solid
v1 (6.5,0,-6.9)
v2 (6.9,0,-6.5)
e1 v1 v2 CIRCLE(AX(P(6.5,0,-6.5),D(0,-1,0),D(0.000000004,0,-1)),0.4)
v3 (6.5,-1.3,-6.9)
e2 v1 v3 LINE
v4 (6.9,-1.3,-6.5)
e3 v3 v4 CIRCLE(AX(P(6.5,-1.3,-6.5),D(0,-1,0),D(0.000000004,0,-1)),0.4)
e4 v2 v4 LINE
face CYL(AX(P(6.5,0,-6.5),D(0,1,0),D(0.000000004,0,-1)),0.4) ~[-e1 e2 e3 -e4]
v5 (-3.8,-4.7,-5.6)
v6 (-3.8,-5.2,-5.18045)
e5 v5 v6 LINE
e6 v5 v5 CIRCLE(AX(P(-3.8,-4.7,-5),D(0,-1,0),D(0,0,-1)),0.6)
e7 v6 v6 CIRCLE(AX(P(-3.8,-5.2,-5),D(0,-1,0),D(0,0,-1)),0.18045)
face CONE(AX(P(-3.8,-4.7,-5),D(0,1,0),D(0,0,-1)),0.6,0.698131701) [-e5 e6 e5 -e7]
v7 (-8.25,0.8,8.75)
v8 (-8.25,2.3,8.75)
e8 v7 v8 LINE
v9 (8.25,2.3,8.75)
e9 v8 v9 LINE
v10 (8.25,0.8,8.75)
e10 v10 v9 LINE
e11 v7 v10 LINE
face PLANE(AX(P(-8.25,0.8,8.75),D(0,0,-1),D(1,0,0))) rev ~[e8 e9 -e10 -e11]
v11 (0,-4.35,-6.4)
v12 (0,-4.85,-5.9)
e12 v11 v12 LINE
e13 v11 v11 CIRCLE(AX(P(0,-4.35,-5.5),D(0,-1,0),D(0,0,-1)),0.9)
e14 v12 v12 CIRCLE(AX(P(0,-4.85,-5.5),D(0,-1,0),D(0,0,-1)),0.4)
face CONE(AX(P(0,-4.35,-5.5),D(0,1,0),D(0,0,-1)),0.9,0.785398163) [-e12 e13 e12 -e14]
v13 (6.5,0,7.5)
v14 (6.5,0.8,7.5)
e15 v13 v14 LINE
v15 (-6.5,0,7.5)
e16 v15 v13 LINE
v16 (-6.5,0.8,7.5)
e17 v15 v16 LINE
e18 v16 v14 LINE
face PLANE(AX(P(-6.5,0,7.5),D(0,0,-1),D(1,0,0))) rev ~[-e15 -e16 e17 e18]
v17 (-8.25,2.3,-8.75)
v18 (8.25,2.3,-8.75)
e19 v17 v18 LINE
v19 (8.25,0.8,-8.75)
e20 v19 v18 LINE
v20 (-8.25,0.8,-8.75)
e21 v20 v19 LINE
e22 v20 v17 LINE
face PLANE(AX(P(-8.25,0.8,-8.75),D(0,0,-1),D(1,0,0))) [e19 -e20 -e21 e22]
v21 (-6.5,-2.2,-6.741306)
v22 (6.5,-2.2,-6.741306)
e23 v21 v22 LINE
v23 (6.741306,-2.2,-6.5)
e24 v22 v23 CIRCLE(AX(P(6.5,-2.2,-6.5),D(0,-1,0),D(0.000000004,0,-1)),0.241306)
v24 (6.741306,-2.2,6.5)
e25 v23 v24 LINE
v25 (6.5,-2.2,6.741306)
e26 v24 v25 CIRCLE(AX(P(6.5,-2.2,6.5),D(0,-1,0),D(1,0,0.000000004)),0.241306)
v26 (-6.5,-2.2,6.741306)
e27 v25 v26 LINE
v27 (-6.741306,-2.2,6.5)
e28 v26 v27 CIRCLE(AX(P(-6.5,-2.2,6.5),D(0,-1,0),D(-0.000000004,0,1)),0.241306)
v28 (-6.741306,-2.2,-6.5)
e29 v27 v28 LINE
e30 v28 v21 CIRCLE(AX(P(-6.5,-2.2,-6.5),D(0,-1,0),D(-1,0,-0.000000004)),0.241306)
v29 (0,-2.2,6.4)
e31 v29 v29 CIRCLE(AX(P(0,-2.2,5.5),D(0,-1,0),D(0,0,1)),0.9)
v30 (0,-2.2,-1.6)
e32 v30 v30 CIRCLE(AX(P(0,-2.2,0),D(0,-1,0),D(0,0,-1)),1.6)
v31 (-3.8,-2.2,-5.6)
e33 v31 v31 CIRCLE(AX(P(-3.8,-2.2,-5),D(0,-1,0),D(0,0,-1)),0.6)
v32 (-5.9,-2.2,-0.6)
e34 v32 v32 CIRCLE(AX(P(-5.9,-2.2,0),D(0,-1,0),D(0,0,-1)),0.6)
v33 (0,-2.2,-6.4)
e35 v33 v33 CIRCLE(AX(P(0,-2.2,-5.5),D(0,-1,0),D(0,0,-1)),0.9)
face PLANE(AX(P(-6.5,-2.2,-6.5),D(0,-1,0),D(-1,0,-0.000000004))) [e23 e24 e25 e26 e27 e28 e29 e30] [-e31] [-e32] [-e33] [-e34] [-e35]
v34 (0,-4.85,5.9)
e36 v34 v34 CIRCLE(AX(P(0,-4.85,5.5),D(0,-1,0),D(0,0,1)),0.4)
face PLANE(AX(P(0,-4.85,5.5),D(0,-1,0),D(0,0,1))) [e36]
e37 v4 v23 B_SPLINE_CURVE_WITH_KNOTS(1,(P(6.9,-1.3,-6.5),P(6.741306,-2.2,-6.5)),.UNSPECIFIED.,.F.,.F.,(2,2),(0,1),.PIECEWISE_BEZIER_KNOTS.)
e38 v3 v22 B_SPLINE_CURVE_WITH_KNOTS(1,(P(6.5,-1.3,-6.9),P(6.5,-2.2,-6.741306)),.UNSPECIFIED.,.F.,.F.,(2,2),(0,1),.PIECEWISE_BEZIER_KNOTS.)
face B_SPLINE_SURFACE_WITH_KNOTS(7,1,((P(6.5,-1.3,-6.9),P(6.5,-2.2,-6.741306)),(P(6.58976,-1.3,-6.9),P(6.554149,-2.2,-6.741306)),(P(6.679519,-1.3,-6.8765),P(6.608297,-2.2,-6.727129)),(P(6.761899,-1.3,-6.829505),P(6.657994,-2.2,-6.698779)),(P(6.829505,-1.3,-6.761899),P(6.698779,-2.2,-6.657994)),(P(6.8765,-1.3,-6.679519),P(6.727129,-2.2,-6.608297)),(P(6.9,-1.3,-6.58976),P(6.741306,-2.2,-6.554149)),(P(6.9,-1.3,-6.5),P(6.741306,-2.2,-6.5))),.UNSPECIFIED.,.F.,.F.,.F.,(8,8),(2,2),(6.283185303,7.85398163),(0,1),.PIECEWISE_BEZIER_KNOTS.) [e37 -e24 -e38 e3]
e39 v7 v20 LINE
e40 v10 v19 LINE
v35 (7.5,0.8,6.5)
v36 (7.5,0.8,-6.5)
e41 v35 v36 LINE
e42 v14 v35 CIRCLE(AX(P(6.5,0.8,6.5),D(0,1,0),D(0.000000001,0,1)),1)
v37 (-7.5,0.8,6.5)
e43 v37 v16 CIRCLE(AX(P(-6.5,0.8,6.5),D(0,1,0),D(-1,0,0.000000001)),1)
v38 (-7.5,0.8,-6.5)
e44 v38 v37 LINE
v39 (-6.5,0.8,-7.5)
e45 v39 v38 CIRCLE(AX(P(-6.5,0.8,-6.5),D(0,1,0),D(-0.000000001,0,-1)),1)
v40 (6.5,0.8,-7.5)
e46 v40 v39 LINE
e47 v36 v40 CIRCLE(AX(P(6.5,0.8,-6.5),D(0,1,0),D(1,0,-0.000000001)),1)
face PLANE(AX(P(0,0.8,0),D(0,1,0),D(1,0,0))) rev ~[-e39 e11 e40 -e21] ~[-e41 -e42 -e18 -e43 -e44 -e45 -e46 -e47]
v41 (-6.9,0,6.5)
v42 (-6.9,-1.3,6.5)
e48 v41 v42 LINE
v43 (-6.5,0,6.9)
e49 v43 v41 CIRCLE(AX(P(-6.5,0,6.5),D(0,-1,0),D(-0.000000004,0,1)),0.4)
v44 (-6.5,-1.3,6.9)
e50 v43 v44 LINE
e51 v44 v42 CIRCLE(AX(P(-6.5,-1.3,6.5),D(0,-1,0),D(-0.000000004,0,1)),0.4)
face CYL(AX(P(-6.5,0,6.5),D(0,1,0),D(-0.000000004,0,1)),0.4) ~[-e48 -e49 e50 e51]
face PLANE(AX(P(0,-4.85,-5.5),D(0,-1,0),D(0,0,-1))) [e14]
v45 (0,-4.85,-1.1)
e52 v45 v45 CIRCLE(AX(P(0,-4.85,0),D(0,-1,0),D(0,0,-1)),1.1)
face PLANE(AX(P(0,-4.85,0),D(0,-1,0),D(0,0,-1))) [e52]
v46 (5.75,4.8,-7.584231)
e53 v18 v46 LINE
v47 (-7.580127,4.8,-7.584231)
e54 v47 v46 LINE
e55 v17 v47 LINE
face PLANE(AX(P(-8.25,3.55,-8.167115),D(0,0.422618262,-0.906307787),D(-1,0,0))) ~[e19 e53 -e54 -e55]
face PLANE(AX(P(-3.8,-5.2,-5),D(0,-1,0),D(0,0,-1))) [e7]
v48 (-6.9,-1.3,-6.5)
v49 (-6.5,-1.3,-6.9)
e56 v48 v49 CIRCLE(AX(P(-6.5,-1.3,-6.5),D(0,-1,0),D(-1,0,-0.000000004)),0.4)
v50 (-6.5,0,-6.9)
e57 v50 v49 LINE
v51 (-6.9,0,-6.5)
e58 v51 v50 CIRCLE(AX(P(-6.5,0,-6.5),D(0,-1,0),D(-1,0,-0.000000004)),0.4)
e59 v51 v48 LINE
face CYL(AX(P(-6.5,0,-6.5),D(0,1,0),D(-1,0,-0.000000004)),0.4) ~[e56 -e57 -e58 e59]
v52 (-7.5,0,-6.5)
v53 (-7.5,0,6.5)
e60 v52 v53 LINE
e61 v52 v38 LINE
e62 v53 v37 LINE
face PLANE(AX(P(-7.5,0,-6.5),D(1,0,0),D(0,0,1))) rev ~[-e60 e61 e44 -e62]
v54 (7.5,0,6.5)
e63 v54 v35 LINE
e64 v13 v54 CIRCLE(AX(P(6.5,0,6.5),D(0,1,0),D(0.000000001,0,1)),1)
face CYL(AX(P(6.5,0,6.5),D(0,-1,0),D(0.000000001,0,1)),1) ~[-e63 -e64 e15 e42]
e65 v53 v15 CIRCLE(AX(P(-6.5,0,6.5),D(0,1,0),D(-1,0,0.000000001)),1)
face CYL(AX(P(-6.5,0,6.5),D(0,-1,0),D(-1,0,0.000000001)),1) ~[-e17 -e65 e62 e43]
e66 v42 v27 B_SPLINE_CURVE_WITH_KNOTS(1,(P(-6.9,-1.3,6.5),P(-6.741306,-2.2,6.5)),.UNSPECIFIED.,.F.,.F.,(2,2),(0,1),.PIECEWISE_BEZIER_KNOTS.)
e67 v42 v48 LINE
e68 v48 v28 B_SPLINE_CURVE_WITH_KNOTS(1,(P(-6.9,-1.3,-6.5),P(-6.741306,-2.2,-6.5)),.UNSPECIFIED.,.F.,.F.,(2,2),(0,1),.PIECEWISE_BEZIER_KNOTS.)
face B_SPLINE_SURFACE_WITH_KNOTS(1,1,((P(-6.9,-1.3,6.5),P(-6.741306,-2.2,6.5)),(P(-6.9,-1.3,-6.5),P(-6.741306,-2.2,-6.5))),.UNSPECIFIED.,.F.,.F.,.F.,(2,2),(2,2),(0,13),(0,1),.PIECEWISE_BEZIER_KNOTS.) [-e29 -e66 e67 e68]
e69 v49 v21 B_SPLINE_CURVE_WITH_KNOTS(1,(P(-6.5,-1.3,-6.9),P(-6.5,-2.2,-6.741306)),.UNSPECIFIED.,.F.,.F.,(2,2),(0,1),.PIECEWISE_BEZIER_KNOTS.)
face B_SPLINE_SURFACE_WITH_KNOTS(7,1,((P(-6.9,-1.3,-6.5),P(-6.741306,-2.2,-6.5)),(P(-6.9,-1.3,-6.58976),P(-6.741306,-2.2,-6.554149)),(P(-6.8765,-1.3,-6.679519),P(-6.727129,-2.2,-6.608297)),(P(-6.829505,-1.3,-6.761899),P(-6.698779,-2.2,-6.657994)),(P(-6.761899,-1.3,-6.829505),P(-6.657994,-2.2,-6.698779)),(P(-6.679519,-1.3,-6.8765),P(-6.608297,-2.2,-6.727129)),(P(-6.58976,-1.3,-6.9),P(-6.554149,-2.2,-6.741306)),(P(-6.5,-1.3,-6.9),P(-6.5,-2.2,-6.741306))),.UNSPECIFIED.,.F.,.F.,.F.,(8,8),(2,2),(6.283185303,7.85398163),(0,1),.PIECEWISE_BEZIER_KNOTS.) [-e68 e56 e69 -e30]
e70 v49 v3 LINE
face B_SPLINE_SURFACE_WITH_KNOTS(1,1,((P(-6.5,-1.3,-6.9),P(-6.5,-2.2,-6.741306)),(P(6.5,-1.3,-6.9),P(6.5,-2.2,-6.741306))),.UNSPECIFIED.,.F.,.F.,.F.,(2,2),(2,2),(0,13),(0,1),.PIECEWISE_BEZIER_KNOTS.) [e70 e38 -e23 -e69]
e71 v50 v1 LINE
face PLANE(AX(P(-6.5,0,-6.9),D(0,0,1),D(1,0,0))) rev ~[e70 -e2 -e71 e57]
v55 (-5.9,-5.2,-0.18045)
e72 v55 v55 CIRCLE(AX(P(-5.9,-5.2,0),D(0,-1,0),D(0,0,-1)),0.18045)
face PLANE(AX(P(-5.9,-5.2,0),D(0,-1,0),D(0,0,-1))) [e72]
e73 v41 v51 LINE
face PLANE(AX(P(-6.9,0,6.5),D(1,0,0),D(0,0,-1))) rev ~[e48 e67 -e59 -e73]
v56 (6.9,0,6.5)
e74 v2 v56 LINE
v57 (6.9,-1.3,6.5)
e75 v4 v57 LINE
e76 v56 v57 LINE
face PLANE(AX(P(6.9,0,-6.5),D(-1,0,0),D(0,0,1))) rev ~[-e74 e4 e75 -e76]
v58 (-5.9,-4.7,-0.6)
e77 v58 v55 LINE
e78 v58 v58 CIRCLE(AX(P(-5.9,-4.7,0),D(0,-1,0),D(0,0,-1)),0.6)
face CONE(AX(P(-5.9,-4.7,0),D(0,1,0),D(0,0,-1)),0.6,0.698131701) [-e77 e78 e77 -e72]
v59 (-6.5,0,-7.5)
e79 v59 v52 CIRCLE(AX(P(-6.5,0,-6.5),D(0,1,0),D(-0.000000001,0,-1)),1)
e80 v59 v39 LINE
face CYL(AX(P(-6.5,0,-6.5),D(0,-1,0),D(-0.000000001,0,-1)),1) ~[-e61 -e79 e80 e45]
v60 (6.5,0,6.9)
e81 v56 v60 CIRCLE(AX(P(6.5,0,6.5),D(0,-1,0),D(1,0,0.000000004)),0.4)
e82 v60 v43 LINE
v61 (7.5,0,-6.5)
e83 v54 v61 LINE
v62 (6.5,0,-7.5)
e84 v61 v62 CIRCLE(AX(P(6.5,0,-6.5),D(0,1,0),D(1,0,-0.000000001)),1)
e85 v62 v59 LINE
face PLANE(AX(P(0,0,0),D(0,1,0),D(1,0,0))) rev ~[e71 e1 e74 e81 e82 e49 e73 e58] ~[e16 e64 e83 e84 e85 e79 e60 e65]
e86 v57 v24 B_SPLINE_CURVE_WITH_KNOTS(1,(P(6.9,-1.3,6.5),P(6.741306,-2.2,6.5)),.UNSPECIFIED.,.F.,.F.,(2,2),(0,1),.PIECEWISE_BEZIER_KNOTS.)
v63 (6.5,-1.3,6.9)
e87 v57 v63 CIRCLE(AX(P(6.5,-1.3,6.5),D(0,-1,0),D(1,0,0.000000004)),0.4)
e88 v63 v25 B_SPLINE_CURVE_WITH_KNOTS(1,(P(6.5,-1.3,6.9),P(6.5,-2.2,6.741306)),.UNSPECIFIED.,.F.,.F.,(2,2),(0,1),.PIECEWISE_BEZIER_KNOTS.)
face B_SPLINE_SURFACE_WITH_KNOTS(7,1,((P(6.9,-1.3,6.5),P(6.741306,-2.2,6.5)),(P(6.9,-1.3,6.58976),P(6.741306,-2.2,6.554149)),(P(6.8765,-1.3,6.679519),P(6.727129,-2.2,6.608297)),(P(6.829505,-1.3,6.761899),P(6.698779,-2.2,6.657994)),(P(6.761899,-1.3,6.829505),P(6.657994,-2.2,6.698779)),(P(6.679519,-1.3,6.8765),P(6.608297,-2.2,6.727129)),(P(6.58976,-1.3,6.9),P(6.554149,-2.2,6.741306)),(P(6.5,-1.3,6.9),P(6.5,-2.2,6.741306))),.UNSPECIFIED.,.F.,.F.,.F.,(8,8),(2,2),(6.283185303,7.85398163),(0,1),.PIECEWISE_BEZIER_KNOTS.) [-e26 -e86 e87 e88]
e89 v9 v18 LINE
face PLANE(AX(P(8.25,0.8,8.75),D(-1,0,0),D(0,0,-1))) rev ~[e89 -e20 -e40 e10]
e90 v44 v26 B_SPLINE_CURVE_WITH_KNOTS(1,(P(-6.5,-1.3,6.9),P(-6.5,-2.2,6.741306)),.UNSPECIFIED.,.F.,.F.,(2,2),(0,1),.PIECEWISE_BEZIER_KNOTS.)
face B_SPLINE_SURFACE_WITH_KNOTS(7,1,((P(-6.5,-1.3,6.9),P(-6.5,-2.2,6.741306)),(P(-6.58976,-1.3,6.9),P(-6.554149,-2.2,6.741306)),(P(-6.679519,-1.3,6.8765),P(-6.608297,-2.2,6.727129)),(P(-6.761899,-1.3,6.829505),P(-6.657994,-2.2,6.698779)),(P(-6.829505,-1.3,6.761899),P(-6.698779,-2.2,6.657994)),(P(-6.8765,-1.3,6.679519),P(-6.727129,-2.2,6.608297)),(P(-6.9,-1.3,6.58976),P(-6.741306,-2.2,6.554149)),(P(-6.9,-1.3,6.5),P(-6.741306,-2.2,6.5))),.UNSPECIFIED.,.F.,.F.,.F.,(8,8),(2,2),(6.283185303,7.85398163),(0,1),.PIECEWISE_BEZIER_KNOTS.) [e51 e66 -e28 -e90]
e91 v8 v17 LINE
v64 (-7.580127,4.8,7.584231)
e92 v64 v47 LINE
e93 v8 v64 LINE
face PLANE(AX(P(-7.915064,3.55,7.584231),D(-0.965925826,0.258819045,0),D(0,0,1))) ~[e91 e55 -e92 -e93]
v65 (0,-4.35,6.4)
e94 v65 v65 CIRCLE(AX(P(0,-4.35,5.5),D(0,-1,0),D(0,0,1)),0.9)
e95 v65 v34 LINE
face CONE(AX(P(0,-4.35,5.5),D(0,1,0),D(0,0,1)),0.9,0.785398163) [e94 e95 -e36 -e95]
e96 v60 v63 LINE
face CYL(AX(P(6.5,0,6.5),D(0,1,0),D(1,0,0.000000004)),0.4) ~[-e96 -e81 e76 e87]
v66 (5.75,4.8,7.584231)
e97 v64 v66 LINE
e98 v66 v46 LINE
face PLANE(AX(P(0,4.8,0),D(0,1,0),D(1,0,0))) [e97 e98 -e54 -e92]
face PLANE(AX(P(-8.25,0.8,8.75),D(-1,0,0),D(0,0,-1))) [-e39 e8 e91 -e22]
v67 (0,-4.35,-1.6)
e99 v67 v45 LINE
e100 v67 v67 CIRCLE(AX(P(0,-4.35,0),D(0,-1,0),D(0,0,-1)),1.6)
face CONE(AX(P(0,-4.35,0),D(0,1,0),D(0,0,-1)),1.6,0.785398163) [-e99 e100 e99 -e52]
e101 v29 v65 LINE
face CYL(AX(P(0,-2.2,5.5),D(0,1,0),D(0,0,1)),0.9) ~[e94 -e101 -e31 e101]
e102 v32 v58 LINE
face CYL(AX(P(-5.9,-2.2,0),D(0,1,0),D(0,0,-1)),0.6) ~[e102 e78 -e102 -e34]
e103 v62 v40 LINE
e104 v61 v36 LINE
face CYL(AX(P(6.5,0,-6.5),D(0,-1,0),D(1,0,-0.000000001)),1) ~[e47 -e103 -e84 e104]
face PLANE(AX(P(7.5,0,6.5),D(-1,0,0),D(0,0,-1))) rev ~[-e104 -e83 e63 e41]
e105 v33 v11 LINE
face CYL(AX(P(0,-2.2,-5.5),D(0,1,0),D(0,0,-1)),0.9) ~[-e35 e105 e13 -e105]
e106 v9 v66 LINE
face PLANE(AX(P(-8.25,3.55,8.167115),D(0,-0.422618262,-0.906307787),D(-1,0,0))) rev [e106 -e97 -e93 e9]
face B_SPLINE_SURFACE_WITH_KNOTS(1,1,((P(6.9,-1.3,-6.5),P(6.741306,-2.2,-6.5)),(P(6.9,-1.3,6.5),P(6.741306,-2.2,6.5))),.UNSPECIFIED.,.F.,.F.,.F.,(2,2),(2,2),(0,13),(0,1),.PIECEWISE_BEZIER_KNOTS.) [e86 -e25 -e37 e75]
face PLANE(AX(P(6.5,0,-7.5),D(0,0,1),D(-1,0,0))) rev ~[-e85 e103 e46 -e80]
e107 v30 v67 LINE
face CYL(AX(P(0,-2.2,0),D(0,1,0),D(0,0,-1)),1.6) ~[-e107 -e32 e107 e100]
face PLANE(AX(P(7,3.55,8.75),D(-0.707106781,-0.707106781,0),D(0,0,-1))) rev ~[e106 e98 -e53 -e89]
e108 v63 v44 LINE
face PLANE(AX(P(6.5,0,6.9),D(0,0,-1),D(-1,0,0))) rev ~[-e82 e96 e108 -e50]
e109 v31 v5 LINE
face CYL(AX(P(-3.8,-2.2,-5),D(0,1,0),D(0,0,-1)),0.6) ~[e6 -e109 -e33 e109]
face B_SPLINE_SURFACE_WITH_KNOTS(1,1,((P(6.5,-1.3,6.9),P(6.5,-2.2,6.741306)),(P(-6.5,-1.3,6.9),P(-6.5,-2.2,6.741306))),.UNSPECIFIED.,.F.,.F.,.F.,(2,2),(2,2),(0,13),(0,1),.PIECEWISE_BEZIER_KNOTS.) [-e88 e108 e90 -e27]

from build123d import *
from OCP.BRepFilletAPI import BRepFilletAPI_MakeChamfer

# Parameters (mm, degrees)
BOSS_EXTRUDE1_DEPTH = 0.8
BOSS_EXTRUDE2_DEPTH = 1.3
BOSS_EXTRUDE3_DEPTH = 0.9
BOSS_EXTRUDE3_TAPER = 10
SKETCH4_R           = 1.6
SKETCH4_R_2         = 0.9
BOSS_EXTRUDE4_DEPTH = 2.65
SKETCH5_R           = 0.6
BOSS_EXTRUDE5_DEPTH = 3
CHAMFER1_SIZE       = 0.5
CHAMFER1_SIZE2      = 0.419549816
CHAMFER2_SIZE       = 0.5
SKETCH6_W           = 16.5
SKETCH6_H           = 17.5
BOSS_EXTRUDE6_DEPTH = 4
CHAMFER3_SIZE       = 2.5
CHAMFER4_SIZE       = 2.5
CHAMFER4_SIZE2      = 1.165769145
CHAMFER5_SIZE       = 2.5
CHAMFER5_SIZE2      = 0.669872981


with BuildPart() as part:
    # Sketch1 → Boss-Extrude1 (new body)
    with BuildSketch(Plane(origin=(0, 0, 0), x_dir=(1, 0, 0), z_dir=(0, 1, 0))):
        with BuildLine():
            Line((-6.5, -7.5), (6.5, -7.5))
            ThreePointArc((6.5, -7.5), (7.207106781, -7.207106781), (7.5, -6.5))
            Line((7.5, -6.5), (7.5, 6.5))
            ThreePointArc((7.5, 6.5), (7.207106781, 7.207106781), (6.5, 7.5))
            Line((6.5, 7.5), (-6.5, 7.5))
            ThreePointArc((-6.5, 7.5), (-7.207106781, 7.207106781), (-7.5, 6.5))
            Line((-7.5, 6.5), (-7.5, -6.5))
            ThreePointArc((-7.5, -6.5), (-7.207106781, -7.207106781), (-6.5, -7.5))
        make_face()
    extrude(amount=BOSS_EXTRUDE1_DEPTH)

    # Sketch2 → Boss-Extrude2 (add)
    with BuildSketch(Plane.XZ):
        with BuildLine():
            Line((-6.9, 6.5), (-6.9, -6.5))
            ThreePointArc((-6.9, -6.5), (-6.782842712, -6.782842712), (-6.5, -6.9))
            Line((-6.5, -6.9), (6.5, -6.9))
            ThreePointArc((6.5, -6.9), (6.782842712, -6.782842712), (6.9, -6.5))
            Line((6.9, -6.5), (6.9, 6.5))
            ThreePointArc((6.9, 6.5), (6.782842712, 6.782842712), (6.5, 6.9))
            Line((6.5, 6.9), (-6.5, 6.9))
            ThreePointArc((-6.5, 6.9), (-6.782842712, 6.782842712), (-6.9, 6.5))
        make_face()
    extrude(amount=BOSS_EXTRUDE2_DEPTH)

    # Sketch3 → Boss-Extrude3 (add)
    with BuildSketch(Plane.XZ.offset(1.3)):
        with BuildLine():
            Line((-6.9, 6.5), (-6.9, -6.5))
            ThreePointArc((-6.9, -6.5), (-6.782842712, -6.782842712), (-6.5, -6.9))
            Line((-6.5, -6.9), (6.5, -6.9))
            ThreePointArc((6.5, -6.9), (6.782842712, -6.782842712), (6.9, -6.5))
            Line((6.9, -6.5), (6.9, 6.5))
            ThreePointArc((6.9, 6.5), (6.782842712, 6.782842712), (6.5, 6.9))
            Line((6.5, 6.9), (-6.5, 6.9))
            ThreePointArc((-6.5, 6.9), (-6.782842712, 6.782842712), (-6.9, 6.5))
        make_face()
    extrude(amount=BOSS_EXTRUDE3_DEPTH, taper=BOSS_EXTRUDE3_TAPER)

    # Sketch4 → Boss-Extrude4 (add)
    with BuildSketch(Plane.XZ.offset(2.2)):
        with Locations(Location((0, 0, 0), (0, 0, 270))):
            Circle(SKETCH4_R)
        with Locations(Location((0, -5.5, 0), (0, 0, 270))):
            Circle(SKETCH4_R_2)
        with Locations(Location((0, 5.5, 0), (0, 0, 90))):
            Circle(SKETCH4_R_2)
    extrude(amount=BOSS_EXTRUDE4_DEPTH)

    # Sketch5 → Boss-Extrude5 (add)
    with BuildSketch(Plane.XZ.offset(2.2)):
        with Locations(Location((-5.9, 0, 0), (0, 0, 270))):
            Circle(SKETCH5_R)
        with Locations(Location((-3.8, -5, 0), (0, 0, 270))):
            Circle(SKETCH5_R)
    extrude(amount=BOSS_EXTRUDE5_DEPTH)

    # Chamfer1: one chamfer whose edges measure the first distance from different faces: ONE call of the kernel's chamfer builder (chamfer() names one face for all edges)
    chamfer1_edges_1 = [part.edges().sort_by_distance(p)[0] for p in [
        (-5.9, -5.2, 0.6),
    ]]
    chamfer1_side_1 = [part.faces().sort_by_distance(p)[0] for p in [
        (-5.9, -3.7, 0.6),
    ]]
    chamfer1_edges_2 = [part.edges().sort_by_distance(p)[0] for p in [
        (-3.8, -5.2, -4.4),
    ]]
    chamfer1_side_2 = [part.faces().sort_by_distance(p)[0] for p in [
        (-3.8, -3.7, -4.4),
    ]]
    chamfer1 = BRepFilletAPI_MakeChamfer(part.part.solid().wrapped)
    for e in chamfer1_edges_1:
        chamfer1.Add(CHAMFER1_SIZE, CHAMFER1_SIZE2, e.wrapped, chamfer1_side_1[0].wrapped)  # the first distance lies on this face
    for e in chamfer1_edges_2:
        chamfer1.Add(CHAMFER1_SIZE, CHAMFER1_SIZE2, e.wrapped, chamfer1_side_2[0].wrapped)  # the first distance lies on this face
    add(Compound.cast(chamfer1.Shape()), mode=Mode.REPLACE)

    # Chamfer2
    chamfer2_edges = [part.edges().sort_by_distance(p)[0] for p in [
        (0, -4.85, 1.6),
        (0, -4.85, -4.6),
        (0, -4.85, 4.6),
    ]]
    chamfer(chamfer2_edges, length=CHAMFER2_SIZE)

    # Sketch6 → Boss-Extrude6 (add)
    with BuildSketch(Plane(origin=(0, 0.8, 0), x_dir=(1, 0, 0), z_dir=(0, 1, 0))):
        Rectangle(SKETCH6_W, SKETCH6_H)
    extrude(amount=BOSS_EXTRUDE6_DEPTH)

    # Chamfer3
    chamfer3_edges = [part.edges().sort_by_distance(p)[0] for p in [
        (8.25, 4.8, 0),
    ]]
    chamfer(chamfer3_edges, length=CHAMFER3_SIZE)

    # Chamfer4: one chamfer whose edges measure the first distance from different faces: ONE call of the kernel's chamfer builder (chamfer() names one face for all edges)
    chamfer4_edges_1 = [part.edges().sort_by_distance(p)[0] for p in [
        (-1.25, 4.8, -8.75),
    ]]
    chamfer4_side_1 = [part.faces().sort_by_distance(p)[0] for p in [
        (-0.368621604, 2.742014579, -8.75),
    ]]
    chamfer4_edges_2 = [part.edges().sort_by_distance(p)[0] for p in [
        (-1.25, 4.8, 8.75),
    ]]
    chamfer4_side_2 = [part.faces().sort_by_distance(p)[0] for p in [
        (-0.368621604, 2.742014579, 8.75),
    ]]
    chamfer4 = BRepFilletAPI_MakeChamfer(part.part.solid().wrapped)
    for e in chamfer4_edges_1:
        chamfer4.Add(CHAMFER4_SIZE, CHAMFER4_SIZE2, e.wrapped, chamfer4_side_1[0].wrapped)  # the first distance lies on this face
    for e in chamfer4_edges_2:
        chamfer4.Add(CHAMFER4_SIZE, CHAMFER4_SIZE2, e.wrapped, chamfer4_side_2[0].wrapped)  # the first distance lies on this face
    add(Compound.cast(chamfer4.Shape()), mode=Mode.REPLACE)

    # Chamfer5
    chamfer5_edges = [part.edges().sort_by_distance(p)[0] for p in [
        (-8.25, 4.8, 0),
    ]]
    chamfer5_side = [part.faces().sort_by_distance(p)[0] for p in [
        (-8.25, 2.74931608, 0),
    ]]
    chamfer(chamfer5_edges, length=CHAMFER5_SIZE, length2=CHAMFER5_SIZE2, reference=chamfer5_side[0])


solid = part.part
